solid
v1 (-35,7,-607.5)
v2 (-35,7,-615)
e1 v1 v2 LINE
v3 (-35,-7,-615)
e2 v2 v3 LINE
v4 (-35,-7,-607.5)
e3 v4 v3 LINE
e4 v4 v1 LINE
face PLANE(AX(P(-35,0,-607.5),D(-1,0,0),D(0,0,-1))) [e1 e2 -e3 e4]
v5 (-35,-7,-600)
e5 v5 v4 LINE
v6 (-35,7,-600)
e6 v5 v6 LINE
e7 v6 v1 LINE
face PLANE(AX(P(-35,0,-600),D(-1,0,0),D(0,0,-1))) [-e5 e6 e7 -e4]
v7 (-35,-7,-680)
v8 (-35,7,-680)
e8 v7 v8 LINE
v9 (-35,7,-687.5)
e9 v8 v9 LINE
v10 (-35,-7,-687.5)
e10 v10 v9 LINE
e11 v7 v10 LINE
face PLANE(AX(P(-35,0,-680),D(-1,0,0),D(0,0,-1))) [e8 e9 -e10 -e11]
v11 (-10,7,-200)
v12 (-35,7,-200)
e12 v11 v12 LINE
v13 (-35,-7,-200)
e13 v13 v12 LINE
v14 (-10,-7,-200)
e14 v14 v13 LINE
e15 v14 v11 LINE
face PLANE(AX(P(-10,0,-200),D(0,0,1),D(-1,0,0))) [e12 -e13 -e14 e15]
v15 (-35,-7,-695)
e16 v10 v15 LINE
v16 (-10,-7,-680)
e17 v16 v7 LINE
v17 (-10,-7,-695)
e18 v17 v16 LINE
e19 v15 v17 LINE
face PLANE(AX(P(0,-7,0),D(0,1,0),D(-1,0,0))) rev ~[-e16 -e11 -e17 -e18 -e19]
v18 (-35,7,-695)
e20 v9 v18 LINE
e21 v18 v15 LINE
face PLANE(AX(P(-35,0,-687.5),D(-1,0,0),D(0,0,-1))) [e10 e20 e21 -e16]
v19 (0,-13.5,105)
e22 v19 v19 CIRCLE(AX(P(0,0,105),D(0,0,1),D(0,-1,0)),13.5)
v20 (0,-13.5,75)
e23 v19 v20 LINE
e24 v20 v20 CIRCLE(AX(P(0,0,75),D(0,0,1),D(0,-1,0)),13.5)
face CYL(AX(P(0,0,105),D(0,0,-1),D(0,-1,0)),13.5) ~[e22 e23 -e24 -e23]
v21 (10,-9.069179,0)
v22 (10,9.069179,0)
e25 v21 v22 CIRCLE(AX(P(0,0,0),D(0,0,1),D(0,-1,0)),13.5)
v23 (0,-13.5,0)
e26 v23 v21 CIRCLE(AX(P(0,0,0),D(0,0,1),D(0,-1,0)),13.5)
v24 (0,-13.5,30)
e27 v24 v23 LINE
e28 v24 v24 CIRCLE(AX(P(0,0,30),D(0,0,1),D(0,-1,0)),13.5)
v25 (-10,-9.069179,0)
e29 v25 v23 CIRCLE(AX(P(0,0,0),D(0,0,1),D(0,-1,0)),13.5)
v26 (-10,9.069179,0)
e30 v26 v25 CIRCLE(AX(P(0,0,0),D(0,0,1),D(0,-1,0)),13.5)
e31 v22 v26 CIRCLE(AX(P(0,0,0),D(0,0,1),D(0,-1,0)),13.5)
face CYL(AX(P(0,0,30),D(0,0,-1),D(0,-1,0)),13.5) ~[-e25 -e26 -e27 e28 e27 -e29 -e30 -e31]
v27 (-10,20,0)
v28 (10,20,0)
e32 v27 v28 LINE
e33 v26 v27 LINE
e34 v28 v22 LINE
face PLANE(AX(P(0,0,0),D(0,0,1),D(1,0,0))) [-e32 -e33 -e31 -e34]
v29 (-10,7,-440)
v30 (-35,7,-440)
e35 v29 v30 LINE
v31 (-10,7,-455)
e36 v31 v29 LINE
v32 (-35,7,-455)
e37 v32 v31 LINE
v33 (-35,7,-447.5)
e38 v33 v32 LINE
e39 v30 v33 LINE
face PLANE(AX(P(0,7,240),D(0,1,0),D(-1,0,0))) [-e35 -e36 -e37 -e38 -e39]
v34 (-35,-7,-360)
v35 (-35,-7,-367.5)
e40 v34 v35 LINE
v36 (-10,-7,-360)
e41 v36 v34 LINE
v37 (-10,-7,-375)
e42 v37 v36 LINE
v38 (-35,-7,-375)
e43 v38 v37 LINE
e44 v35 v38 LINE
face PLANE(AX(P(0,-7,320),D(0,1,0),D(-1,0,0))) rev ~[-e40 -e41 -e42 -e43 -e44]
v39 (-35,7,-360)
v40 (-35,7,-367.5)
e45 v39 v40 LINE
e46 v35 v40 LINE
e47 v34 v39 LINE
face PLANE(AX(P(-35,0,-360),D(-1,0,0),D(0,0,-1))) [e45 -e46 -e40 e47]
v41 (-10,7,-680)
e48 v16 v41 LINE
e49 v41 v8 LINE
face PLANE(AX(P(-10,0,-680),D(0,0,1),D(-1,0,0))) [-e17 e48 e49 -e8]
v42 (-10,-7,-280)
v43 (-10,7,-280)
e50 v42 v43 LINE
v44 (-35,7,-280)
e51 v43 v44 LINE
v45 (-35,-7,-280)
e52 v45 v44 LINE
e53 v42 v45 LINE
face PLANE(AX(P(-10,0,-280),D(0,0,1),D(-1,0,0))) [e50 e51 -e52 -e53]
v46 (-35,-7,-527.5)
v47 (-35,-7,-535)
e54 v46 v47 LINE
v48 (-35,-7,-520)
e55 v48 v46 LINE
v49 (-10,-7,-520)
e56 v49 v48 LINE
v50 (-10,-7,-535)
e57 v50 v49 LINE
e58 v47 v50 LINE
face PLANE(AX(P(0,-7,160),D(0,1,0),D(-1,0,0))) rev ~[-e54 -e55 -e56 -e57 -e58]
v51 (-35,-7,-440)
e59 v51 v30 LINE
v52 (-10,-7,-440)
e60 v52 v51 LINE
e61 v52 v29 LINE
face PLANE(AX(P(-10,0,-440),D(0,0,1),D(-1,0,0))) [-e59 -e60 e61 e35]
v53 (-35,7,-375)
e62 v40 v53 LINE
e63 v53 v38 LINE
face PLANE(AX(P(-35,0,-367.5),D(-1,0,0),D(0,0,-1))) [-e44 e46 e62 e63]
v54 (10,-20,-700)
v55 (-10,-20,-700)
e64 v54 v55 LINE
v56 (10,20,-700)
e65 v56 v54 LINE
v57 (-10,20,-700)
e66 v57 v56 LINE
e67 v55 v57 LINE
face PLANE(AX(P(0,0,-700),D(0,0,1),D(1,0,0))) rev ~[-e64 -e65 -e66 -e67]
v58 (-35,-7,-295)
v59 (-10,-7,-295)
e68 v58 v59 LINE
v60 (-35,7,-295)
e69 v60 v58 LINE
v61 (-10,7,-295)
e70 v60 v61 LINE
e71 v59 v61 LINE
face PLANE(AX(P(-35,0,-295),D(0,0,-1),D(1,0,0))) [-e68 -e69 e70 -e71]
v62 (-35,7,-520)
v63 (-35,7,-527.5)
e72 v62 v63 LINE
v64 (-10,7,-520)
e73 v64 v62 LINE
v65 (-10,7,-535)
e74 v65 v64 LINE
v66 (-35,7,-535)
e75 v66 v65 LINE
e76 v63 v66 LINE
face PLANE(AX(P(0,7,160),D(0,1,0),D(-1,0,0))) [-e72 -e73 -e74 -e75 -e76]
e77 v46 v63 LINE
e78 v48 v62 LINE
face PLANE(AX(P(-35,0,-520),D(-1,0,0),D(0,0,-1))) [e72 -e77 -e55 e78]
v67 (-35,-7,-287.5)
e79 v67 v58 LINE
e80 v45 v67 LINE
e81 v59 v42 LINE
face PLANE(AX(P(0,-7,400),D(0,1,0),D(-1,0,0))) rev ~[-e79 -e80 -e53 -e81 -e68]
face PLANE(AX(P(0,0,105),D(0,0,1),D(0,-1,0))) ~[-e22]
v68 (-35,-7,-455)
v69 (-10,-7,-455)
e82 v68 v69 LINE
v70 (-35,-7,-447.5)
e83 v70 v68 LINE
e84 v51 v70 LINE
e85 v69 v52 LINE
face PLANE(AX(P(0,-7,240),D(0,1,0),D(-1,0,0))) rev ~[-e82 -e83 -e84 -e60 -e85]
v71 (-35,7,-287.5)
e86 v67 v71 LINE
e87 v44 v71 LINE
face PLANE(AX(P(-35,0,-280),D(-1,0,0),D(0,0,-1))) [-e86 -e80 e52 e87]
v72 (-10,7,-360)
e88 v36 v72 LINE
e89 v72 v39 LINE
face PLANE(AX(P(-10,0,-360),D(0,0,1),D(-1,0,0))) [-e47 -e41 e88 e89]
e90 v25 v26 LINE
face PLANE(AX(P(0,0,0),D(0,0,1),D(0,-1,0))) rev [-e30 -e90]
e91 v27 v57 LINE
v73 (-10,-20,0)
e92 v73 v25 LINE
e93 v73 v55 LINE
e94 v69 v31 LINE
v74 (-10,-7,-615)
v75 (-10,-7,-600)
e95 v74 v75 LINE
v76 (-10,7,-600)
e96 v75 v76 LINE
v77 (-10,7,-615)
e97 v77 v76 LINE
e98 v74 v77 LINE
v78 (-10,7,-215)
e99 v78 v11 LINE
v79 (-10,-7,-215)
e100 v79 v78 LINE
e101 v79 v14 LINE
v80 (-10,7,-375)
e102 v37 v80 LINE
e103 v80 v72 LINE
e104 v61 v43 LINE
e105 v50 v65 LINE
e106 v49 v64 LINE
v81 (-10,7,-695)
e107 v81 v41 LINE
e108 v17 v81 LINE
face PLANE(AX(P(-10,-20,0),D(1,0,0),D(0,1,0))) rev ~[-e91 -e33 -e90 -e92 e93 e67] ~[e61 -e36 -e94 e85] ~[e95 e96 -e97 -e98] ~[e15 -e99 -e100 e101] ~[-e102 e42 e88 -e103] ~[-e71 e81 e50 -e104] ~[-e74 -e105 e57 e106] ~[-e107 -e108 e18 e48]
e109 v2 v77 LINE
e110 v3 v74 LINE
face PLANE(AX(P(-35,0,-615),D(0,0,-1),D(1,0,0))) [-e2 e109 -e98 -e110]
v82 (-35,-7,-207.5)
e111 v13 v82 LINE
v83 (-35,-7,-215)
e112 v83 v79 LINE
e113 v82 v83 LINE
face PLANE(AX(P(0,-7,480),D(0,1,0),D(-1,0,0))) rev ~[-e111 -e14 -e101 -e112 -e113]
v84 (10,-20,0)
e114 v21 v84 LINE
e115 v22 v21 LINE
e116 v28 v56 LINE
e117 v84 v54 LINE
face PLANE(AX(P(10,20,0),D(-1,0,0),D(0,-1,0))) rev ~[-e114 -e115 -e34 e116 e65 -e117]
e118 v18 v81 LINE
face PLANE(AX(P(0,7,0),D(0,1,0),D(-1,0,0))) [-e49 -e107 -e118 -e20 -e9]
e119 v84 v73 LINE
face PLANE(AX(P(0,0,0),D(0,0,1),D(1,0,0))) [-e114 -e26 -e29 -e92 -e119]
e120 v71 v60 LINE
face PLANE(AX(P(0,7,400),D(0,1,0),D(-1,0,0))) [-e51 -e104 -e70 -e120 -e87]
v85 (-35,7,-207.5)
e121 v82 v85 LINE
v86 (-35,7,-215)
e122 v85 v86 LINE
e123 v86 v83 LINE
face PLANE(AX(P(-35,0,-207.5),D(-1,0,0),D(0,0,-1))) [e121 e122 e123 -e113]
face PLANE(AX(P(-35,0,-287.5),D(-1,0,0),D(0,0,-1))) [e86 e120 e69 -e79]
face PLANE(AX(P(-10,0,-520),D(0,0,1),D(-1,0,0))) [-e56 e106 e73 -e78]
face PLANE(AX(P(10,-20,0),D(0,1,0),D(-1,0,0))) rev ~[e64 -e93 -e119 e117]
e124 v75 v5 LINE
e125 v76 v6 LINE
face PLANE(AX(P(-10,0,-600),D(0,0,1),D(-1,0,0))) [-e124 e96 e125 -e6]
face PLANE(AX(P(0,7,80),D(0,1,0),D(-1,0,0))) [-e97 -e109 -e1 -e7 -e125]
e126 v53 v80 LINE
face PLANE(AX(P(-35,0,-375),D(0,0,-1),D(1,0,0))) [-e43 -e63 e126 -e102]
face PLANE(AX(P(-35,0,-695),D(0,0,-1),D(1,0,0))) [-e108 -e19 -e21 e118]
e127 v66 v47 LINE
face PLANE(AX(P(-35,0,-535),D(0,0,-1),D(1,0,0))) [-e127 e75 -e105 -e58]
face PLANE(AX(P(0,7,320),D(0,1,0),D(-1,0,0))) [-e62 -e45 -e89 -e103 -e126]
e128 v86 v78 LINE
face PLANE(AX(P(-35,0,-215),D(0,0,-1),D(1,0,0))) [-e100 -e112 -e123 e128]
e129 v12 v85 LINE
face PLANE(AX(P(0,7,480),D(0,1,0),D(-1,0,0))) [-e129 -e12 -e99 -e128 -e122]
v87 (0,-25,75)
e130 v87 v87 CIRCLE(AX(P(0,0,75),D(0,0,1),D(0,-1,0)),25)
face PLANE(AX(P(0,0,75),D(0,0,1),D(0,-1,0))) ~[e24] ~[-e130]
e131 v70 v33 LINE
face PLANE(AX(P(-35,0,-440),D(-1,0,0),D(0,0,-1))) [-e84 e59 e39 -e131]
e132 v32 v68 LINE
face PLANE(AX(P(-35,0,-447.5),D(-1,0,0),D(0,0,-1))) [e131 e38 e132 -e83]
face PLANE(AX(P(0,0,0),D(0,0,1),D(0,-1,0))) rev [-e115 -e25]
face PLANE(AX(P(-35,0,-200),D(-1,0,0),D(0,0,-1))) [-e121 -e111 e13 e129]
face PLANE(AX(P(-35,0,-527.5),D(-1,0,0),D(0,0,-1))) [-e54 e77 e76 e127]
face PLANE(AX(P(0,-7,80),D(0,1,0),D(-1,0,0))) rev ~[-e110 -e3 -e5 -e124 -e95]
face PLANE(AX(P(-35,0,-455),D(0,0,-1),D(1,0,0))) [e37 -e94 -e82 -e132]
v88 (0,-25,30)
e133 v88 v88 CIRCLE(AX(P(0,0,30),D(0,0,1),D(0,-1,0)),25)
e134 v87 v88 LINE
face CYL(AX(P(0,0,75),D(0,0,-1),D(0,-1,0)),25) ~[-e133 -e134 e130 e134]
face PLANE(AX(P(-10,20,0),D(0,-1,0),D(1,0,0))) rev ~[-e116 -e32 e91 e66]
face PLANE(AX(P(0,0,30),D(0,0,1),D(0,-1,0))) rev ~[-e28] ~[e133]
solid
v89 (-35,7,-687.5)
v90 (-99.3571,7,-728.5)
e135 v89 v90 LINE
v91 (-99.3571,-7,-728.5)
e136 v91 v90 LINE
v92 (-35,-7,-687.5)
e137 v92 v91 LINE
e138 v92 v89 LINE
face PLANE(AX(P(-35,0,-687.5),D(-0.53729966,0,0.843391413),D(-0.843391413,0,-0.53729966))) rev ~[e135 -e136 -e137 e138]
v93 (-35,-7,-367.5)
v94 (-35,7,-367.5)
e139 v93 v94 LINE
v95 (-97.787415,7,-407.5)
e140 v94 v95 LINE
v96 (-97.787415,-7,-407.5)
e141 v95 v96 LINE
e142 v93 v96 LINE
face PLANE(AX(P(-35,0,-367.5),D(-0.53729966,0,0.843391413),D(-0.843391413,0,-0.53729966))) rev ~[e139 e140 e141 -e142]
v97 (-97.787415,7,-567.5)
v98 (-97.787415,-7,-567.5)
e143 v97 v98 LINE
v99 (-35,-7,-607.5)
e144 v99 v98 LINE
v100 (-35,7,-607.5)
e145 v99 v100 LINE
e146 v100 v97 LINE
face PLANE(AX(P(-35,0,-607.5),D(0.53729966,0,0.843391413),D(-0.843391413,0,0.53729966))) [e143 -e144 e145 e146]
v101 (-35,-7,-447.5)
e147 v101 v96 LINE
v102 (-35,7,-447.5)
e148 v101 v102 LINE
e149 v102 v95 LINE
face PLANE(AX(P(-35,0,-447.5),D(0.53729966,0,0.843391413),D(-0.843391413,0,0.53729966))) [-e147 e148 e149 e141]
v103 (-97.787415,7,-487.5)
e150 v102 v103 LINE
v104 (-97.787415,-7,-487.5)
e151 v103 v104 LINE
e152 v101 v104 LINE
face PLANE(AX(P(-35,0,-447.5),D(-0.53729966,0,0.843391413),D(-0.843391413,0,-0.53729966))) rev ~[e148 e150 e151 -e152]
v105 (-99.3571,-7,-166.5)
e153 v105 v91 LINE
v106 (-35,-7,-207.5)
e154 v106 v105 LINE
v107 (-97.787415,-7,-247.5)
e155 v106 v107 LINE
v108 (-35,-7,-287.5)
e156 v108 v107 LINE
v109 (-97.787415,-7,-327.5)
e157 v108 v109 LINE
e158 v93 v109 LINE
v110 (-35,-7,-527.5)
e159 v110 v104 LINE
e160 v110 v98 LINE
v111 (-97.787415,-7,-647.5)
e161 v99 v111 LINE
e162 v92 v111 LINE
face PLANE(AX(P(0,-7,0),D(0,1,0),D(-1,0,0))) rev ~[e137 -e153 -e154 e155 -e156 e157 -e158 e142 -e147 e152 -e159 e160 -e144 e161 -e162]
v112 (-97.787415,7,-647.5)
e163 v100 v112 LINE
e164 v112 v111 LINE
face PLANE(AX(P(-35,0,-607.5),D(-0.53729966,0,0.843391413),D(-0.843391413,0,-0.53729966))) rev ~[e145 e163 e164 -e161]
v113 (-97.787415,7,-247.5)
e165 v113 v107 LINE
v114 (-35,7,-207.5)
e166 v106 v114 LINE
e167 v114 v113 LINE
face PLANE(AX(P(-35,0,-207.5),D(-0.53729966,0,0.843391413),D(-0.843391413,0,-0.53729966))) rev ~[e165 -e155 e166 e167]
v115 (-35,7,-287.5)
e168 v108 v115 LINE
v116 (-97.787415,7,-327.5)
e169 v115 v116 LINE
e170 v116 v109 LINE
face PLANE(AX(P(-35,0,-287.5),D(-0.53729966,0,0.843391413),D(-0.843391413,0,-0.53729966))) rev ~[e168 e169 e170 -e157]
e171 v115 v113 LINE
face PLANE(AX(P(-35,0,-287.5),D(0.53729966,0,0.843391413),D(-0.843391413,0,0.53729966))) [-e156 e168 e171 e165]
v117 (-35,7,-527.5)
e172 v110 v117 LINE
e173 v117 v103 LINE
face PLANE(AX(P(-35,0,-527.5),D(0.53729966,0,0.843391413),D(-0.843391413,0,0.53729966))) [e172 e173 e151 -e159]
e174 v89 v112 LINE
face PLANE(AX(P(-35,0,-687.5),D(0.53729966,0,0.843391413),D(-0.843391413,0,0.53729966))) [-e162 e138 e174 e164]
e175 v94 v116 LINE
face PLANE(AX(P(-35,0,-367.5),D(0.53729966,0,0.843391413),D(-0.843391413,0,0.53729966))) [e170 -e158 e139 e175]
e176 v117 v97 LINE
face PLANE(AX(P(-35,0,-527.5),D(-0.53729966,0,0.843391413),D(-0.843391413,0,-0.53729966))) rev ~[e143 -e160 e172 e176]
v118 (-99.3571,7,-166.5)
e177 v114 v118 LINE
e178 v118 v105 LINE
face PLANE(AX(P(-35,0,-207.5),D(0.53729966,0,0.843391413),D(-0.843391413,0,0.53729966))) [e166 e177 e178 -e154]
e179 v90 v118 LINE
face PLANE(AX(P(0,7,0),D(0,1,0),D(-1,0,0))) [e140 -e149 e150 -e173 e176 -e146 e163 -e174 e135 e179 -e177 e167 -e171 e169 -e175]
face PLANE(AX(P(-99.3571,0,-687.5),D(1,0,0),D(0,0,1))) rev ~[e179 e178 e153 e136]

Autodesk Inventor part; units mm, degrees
ref_plane "YZ Plane" through (0, 0, 0) normal (1, 0, 0) x (0, 1, 0)
ref_plane "XZ Plane" through (0, 0, 0) normal (0, 1, 0) x (-1, 0, 0)
ref_plane "XY Plane" through (0, 0, 0) normal (0, 0, 1) x (1, 0, 0)
sketch "Sketch2" plane through (0, 0, 0) normal (0, 0, 1) x (1, 0, 0)
  line L0 (-10, 20) -> (10, 20)
  line L1 (10, 20) -> (10, -20)
  line L2 (10, -20) -> (-10, -20)
  line L3 (-10, -20) -> (-10, 20)
  line L4 (-10, 20) -> (10, -20) construction
  line L5 (10, 20) -> (-10, -20) construction
  point P0 (0, 0)
  dimension "d8" = 20
  dimension "d9" = 40
extrude "Extrusion2" add sketch "Sketch2" against normal blind 700
sketch "Sketch3" plane through (0, 0, 0) normal (0, 1, 0) x (-1, 0, 0)
  line L0 (10, 0) -> (-10, 0) construction
  line L1 (10, 0) -> (10, -700) construction
  line L2 (-10, -700) -> (10, -700) construction
  line L3 (-10, 0) -> (-10, -700) construction
  line L4 (10, -680) -> (35, -680)
  line L5 (35, -680) -> (35, -695)
  line L6 (35, -695) -> (10, -695)
  line L7 (10, -695) -> (10, -680)
  line L8 (35, -687.5) -> (99.3571, -687.5)
  line L9 (35, -687.5) -> (99.3571, -646.5)
  line L10 (35, -687.5) -> (99.3571, -728.5)
  line L11 (99.3571, -728.5) -> (99.3571, -646.5)
  point P0 (0, 0)
  dimension "d21" = 25
  dimension "d22" = 15
  dimension "d23" = 5
  dimension "d24" = 65
  dimension "d25" = 82
  dimension "d26" = 64.3571
  dimension "d27" = 109.3571
extrude "Extrusion3" add sketch "Sketch3" along normal mid plane 14
pattern_linear "Rectangular Pattern1" count 7 spacing 80 along (0, 0, 1) of "Extrusion3"
sketch "Sketch4" plane through (0, 0, 0) normal (1, 0, 0) x (0, 1, 0)
  line L0 (0, 0) -> (0, 105)
  line L1 (0, 105) -> (-13.5, 105)
  line L2 (-13.5, 105) -> (-13.5, 75)
  line L3 (-13.5, 75) -> (-25, 75)
  line L4 (-25, 75) -> (-25, 30)
  line L5 (-25, 30) -> (-13.5, 30)
  line L6 (-13.5, 30) -> (-13.5, 0)
  line L7 (-7, -200) -> (-7, -215) projected
  line L8 (-7, -215) -> (7, -215) projected
  line L9 (7, -215) -> (7, -200) projected
  line L10 (7, -200) -> (-7, -200) projected
  line L11 (-7, -280) -> (-7, -295) projected
  line L12 (-7, -295) -> (7, -295) projected
  line L13 (7, -295) -> (7, -280) projected
  line L14 (7, -280) -> (-7, -280) projected
  line L15 (-7, -360) -> (-7, -375) projected
  line L16 (-7, -375) -> (7, -375) projected
  line L17 (7, -375) -> (7, -360) projected
  line L18 (7, -360) -> (-7, -360) projected
  line L19 (-7, -440) -> (-7, -455) projected
  line L20 (-7, -455) -> (7, -455) projected
  line L21 (7, -455) -> (7, -440) projected
  line L22 (7, -440) -> (-7, -440) projected
  line L23 (-7, -520) -> (-7, -535) projected
  line L24 (-7, -535) -> (7, -535) projected
  line L25 (7, -535) -> (7, -520) projected
  line L26 (7, -520) -> (-7, -520) projected
  line L27 (-7, -600) -> (-7, -615) projected
  line L28 (-7, -615) -> (7, -615) projected
  line L29 (7, -615) -> (7, -600) projected
  line L30 (7, -600) -> (-7, -600) projected
  line L31 (-7, -680) -> (-7, -695) projected
  line L32 (-7, -695) -> (7, -695) projected
  line L33 (7, -695) -> (7, -680) projected
  line L34 (7, -680) -> (-7, -680) projected
  line L35 (20, 0) -> (-20, 0) projected
  line L36 (20, 0) -> (20, -700) projected
  line L37 (-20, -700) -> (20, -700) projected
  line L38 (-20, 0) -> (-20, -700) projected
  dimension "d29" = 30
  dimension "d30" = 30
  dimension "d31" = 50
  dimension "d32" = 27
  dimension "d34" = 45
revolve "Revolution1" add sketch "Sketch4" angle 360 about axis through (0, 0, 0) along (0, 0, 1) contours L35 L6 L5 L4 L3 L2 L1 L0
properties part number "ДМФ 081 труба форсунки v2.0"
